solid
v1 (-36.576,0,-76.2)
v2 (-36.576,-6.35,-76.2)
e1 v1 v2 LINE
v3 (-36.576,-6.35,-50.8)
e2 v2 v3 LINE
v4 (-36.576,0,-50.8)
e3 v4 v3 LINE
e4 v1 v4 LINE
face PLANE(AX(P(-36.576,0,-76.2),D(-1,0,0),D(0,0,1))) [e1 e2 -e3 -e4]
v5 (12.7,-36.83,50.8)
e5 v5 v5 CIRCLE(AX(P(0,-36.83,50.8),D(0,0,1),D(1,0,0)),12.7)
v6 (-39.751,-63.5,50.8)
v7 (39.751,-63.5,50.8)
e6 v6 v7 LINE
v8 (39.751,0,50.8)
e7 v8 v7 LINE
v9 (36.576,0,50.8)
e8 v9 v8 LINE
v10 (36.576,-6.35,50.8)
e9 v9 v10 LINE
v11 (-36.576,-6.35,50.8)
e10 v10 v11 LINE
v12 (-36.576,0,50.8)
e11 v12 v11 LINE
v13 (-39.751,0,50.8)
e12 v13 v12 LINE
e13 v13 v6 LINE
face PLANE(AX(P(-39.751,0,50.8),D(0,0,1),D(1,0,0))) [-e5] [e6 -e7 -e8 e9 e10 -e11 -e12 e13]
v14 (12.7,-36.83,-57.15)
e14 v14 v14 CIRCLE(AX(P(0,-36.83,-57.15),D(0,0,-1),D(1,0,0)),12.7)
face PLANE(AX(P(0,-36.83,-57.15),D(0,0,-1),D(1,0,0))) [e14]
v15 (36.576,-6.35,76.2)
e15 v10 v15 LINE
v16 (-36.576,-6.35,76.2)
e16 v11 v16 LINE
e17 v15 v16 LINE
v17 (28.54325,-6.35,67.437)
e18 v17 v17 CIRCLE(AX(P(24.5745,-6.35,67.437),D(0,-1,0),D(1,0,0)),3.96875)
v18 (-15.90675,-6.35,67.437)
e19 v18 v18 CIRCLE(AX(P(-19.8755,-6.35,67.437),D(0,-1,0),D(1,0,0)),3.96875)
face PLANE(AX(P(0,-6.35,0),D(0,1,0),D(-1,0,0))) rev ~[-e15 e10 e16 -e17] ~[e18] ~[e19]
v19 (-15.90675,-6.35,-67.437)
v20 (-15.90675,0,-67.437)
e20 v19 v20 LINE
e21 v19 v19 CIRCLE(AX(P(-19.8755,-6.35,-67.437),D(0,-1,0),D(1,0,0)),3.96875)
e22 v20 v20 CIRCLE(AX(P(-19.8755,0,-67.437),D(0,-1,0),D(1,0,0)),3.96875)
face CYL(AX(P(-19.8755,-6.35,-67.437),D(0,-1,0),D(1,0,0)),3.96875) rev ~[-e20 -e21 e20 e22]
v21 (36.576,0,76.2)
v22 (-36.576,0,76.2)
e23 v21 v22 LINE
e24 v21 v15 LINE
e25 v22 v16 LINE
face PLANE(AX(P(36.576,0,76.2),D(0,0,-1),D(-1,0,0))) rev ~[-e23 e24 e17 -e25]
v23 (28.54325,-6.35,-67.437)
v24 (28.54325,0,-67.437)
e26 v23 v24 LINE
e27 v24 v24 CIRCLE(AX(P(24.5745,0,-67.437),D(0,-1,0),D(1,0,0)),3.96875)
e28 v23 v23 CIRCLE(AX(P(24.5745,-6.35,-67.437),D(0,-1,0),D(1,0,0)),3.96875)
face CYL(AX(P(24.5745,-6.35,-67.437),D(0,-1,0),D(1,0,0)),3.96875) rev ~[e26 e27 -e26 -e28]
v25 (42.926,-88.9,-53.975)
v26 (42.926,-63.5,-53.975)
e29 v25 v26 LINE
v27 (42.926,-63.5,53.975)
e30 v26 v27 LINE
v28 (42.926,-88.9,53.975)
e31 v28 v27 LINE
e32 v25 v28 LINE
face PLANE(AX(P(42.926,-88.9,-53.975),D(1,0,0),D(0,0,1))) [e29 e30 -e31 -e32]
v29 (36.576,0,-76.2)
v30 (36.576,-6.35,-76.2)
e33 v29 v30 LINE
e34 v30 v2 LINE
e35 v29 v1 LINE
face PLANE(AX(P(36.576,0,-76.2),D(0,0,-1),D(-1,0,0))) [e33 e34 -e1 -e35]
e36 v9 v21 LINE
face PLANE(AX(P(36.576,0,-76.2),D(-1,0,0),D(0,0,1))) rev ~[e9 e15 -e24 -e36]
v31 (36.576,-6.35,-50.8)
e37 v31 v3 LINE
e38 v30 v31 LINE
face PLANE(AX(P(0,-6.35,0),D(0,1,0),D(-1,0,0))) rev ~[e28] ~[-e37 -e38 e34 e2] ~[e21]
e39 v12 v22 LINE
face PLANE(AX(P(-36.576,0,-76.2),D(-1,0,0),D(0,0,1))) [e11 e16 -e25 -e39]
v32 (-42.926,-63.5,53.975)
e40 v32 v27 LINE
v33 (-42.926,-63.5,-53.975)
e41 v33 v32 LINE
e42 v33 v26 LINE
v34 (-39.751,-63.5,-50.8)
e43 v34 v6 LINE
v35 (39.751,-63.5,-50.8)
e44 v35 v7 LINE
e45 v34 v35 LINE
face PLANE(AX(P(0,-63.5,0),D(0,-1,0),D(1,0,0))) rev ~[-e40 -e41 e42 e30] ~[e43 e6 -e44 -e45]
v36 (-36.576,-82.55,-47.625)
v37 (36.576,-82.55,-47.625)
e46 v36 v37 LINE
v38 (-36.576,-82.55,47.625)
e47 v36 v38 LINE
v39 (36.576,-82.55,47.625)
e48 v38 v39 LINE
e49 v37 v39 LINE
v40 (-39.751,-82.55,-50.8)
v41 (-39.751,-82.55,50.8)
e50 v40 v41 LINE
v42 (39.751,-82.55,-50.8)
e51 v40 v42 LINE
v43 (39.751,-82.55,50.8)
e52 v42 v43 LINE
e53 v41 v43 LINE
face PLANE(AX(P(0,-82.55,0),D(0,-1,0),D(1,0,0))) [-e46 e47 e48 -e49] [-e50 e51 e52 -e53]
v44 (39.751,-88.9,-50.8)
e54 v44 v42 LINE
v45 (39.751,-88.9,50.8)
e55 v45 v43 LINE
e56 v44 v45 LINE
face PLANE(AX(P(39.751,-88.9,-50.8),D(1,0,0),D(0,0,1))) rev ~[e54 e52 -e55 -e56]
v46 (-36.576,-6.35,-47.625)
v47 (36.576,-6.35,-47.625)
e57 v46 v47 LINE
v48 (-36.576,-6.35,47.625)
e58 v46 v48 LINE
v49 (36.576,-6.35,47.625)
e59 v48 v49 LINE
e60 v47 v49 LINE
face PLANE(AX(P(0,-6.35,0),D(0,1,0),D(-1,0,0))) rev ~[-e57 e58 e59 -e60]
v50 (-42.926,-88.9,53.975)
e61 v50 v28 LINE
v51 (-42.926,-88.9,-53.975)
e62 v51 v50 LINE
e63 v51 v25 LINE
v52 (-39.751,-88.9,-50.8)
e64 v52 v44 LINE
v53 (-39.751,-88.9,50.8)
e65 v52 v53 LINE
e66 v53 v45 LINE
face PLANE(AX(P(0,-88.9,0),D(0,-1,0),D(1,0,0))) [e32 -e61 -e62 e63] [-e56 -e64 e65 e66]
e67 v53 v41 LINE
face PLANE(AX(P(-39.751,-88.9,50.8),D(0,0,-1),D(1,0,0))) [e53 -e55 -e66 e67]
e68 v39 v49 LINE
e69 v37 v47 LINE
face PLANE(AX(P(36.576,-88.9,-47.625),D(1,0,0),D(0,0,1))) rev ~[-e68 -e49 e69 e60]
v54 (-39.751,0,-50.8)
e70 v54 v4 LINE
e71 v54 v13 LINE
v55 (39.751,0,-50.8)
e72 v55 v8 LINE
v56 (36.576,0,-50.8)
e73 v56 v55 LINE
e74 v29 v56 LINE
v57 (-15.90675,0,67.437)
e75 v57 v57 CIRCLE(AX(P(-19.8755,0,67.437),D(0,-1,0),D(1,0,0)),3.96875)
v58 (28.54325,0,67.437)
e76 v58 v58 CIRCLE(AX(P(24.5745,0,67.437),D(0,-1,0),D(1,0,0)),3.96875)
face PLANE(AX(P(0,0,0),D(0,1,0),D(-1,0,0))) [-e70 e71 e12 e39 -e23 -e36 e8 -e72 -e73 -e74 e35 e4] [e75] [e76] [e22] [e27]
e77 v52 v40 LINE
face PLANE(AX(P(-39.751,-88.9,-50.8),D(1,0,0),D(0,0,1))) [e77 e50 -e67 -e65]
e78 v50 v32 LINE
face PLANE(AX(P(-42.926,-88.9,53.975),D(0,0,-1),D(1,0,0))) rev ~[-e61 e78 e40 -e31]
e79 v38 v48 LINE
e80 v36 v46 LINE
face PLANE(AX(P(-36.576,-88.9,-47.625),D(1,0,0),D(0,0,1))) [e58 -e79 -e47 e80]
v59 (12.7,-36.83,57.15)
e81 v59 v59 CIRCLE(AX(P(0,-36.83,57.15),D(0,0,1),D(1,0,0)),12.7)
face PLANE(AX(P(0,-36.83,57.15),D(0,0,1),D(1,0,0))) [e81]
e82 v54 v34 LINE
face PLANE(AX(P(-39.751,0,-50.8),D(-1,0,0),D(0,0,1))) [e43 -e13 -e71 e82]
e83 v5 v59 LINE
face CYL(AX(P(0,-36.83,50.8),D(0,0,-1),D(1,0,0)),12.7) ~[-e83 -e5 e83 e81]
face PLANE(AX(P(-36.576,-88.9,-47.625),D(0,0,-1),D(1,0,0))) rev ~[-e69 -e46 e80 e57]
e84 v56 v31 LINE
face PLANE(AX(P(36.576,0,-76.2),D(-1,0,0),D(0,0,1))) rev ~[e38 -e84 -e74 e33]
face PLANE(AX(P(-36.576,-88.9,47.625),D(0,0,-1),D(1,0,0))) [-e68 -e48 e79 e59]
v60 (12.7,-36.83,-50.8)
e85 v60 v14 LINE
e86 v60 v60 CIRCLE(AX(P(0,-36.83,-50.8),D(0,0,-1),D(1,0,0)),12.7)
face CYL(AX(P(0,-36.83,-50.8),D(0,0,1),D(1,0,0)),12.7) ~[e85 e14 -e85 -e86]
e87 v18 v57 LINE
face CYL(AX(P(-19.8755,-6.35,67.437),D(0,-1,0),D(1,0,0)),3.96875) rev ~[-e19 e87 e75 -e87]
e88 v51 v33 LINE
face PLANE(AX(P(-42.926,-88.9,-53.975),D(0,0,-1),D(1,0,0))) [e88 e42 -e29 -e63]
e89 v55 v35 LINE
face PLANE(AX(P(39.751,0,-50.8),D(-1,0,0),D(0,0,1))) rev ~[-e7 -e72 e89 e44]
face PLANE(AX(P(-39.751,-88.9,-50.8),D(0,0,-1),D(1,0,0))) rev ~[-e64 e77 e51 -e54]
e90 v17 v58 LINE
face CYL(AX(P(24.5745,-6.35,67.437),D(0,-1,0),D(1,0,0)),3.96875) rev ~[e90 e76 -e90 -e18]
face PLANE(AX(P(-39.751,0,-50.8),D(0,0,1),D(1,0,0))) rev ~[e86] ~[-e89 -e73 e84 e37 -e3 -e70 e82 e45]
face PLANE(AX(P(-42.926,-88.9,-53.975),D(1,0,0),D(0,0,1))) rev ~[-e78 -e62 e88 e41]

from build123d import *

# Parameters (mm, degrees)
F0_W      = 79.502
F0_H      = 101.6
F1_DEPTH  = 88.9
F2_W      = 85.852
F2_H      = 107.95
F3_DEPTH  = 25.4
F4_W      = 73.152
F4_H      = 95.25
F5_DEPTH  = 85.725
F6_W      = 73.152
F6_H      = 152.4
F7_DEPTH  = 6.35
F8_R      = 3.96875
F9_DEPTH  = 6.351
F10_W     = 79.502
F10_H     = 101.6
F10_W_2   = 73.152
F10_H_2   = 95.25
F11_DEPTH = 6.35
F12_R     = 12.7
F13_DEPTH = 6.35
F14_R     = 12.7
F15_DEPTH = 6.35


with BuildPart() as f1:
    # F0 (on Front) → F1 (new body)
    with BuildSketch(Plane.XZ):
        Rectangle(F0_W, F0_H)
    extrude(amount=F1_DEPTH)

    # F2 (on face) → F3 (join)
    with BuildSketch(Plane.XZ.offset(88.9)):
        Rectangle(F2_W, F2_H)
    extrude(amount=-F3_DEPTH)

    # F4 (on face) → F5 (cut)
    with BuildSketch(Plane.XZ.offset(88.9)):
        Rectangle(F4_W, F4_H)
    extrude(amount=-F5_DEPTH, mode=Mode.SUBTRACT)

    # F6 (on face) → F7 (join)
    with BuildSketch(Plane(origin=(0, 0, 0), x_dir=(-1, 0, 0), z_dir=(0, 1, 0))):
        Rectangle(F6_W, F6_H)
    extrude(amount=-F7_DEPTH)

    # F8 (on face) → F9 (cut, through all)
    with BuildSketch(Plane.XZ.offset(6.35)):
        with Locations((-19.8755, 67.437)):
            Circle(F8_R)
        with Locations((24.5745, 67.437)):
            Circle(F8_R)
        with Locations((-19.8755, -67.437)):
            Circle(F8_R)
        with Locations((24.5745, -67.437)):
            Circle(F8_R)
    extrude(amount=-F9_DEPTH, mode=Mode.SUBTRACT)

    # F10 (on face) → F11 (cut)
    with BuildSketch(Plane.XZ.offset(88.9)):
        Rectangle(F10_W, F10_H)
        Rectangle(F10_W_2, F10_H_2, mode=Mode.SUBTRACT)
    extrude(amount=-F11_DEPTH, mode=Mode.SUBTRACT)

    # F12 (on face) → F13 (join)
    with BuildSketch(Plane.XY.offset(50.8)):
        with Locations((0, -36.83)):
            Circle(F12_R)
    extrude(amount=F13_DEPTH)

    # F14 (on face) → F15 (join)
    with BuildSketch(Plane(origin=(0, 0, -50.8), x_dir=(1, 0, 0), z_dir=(0, 0, -1))):
        with Locations((0, 36.83)):
            Circle(F14_R)
    extrude(amount=F15_DEPTH)


solid = f1.part
